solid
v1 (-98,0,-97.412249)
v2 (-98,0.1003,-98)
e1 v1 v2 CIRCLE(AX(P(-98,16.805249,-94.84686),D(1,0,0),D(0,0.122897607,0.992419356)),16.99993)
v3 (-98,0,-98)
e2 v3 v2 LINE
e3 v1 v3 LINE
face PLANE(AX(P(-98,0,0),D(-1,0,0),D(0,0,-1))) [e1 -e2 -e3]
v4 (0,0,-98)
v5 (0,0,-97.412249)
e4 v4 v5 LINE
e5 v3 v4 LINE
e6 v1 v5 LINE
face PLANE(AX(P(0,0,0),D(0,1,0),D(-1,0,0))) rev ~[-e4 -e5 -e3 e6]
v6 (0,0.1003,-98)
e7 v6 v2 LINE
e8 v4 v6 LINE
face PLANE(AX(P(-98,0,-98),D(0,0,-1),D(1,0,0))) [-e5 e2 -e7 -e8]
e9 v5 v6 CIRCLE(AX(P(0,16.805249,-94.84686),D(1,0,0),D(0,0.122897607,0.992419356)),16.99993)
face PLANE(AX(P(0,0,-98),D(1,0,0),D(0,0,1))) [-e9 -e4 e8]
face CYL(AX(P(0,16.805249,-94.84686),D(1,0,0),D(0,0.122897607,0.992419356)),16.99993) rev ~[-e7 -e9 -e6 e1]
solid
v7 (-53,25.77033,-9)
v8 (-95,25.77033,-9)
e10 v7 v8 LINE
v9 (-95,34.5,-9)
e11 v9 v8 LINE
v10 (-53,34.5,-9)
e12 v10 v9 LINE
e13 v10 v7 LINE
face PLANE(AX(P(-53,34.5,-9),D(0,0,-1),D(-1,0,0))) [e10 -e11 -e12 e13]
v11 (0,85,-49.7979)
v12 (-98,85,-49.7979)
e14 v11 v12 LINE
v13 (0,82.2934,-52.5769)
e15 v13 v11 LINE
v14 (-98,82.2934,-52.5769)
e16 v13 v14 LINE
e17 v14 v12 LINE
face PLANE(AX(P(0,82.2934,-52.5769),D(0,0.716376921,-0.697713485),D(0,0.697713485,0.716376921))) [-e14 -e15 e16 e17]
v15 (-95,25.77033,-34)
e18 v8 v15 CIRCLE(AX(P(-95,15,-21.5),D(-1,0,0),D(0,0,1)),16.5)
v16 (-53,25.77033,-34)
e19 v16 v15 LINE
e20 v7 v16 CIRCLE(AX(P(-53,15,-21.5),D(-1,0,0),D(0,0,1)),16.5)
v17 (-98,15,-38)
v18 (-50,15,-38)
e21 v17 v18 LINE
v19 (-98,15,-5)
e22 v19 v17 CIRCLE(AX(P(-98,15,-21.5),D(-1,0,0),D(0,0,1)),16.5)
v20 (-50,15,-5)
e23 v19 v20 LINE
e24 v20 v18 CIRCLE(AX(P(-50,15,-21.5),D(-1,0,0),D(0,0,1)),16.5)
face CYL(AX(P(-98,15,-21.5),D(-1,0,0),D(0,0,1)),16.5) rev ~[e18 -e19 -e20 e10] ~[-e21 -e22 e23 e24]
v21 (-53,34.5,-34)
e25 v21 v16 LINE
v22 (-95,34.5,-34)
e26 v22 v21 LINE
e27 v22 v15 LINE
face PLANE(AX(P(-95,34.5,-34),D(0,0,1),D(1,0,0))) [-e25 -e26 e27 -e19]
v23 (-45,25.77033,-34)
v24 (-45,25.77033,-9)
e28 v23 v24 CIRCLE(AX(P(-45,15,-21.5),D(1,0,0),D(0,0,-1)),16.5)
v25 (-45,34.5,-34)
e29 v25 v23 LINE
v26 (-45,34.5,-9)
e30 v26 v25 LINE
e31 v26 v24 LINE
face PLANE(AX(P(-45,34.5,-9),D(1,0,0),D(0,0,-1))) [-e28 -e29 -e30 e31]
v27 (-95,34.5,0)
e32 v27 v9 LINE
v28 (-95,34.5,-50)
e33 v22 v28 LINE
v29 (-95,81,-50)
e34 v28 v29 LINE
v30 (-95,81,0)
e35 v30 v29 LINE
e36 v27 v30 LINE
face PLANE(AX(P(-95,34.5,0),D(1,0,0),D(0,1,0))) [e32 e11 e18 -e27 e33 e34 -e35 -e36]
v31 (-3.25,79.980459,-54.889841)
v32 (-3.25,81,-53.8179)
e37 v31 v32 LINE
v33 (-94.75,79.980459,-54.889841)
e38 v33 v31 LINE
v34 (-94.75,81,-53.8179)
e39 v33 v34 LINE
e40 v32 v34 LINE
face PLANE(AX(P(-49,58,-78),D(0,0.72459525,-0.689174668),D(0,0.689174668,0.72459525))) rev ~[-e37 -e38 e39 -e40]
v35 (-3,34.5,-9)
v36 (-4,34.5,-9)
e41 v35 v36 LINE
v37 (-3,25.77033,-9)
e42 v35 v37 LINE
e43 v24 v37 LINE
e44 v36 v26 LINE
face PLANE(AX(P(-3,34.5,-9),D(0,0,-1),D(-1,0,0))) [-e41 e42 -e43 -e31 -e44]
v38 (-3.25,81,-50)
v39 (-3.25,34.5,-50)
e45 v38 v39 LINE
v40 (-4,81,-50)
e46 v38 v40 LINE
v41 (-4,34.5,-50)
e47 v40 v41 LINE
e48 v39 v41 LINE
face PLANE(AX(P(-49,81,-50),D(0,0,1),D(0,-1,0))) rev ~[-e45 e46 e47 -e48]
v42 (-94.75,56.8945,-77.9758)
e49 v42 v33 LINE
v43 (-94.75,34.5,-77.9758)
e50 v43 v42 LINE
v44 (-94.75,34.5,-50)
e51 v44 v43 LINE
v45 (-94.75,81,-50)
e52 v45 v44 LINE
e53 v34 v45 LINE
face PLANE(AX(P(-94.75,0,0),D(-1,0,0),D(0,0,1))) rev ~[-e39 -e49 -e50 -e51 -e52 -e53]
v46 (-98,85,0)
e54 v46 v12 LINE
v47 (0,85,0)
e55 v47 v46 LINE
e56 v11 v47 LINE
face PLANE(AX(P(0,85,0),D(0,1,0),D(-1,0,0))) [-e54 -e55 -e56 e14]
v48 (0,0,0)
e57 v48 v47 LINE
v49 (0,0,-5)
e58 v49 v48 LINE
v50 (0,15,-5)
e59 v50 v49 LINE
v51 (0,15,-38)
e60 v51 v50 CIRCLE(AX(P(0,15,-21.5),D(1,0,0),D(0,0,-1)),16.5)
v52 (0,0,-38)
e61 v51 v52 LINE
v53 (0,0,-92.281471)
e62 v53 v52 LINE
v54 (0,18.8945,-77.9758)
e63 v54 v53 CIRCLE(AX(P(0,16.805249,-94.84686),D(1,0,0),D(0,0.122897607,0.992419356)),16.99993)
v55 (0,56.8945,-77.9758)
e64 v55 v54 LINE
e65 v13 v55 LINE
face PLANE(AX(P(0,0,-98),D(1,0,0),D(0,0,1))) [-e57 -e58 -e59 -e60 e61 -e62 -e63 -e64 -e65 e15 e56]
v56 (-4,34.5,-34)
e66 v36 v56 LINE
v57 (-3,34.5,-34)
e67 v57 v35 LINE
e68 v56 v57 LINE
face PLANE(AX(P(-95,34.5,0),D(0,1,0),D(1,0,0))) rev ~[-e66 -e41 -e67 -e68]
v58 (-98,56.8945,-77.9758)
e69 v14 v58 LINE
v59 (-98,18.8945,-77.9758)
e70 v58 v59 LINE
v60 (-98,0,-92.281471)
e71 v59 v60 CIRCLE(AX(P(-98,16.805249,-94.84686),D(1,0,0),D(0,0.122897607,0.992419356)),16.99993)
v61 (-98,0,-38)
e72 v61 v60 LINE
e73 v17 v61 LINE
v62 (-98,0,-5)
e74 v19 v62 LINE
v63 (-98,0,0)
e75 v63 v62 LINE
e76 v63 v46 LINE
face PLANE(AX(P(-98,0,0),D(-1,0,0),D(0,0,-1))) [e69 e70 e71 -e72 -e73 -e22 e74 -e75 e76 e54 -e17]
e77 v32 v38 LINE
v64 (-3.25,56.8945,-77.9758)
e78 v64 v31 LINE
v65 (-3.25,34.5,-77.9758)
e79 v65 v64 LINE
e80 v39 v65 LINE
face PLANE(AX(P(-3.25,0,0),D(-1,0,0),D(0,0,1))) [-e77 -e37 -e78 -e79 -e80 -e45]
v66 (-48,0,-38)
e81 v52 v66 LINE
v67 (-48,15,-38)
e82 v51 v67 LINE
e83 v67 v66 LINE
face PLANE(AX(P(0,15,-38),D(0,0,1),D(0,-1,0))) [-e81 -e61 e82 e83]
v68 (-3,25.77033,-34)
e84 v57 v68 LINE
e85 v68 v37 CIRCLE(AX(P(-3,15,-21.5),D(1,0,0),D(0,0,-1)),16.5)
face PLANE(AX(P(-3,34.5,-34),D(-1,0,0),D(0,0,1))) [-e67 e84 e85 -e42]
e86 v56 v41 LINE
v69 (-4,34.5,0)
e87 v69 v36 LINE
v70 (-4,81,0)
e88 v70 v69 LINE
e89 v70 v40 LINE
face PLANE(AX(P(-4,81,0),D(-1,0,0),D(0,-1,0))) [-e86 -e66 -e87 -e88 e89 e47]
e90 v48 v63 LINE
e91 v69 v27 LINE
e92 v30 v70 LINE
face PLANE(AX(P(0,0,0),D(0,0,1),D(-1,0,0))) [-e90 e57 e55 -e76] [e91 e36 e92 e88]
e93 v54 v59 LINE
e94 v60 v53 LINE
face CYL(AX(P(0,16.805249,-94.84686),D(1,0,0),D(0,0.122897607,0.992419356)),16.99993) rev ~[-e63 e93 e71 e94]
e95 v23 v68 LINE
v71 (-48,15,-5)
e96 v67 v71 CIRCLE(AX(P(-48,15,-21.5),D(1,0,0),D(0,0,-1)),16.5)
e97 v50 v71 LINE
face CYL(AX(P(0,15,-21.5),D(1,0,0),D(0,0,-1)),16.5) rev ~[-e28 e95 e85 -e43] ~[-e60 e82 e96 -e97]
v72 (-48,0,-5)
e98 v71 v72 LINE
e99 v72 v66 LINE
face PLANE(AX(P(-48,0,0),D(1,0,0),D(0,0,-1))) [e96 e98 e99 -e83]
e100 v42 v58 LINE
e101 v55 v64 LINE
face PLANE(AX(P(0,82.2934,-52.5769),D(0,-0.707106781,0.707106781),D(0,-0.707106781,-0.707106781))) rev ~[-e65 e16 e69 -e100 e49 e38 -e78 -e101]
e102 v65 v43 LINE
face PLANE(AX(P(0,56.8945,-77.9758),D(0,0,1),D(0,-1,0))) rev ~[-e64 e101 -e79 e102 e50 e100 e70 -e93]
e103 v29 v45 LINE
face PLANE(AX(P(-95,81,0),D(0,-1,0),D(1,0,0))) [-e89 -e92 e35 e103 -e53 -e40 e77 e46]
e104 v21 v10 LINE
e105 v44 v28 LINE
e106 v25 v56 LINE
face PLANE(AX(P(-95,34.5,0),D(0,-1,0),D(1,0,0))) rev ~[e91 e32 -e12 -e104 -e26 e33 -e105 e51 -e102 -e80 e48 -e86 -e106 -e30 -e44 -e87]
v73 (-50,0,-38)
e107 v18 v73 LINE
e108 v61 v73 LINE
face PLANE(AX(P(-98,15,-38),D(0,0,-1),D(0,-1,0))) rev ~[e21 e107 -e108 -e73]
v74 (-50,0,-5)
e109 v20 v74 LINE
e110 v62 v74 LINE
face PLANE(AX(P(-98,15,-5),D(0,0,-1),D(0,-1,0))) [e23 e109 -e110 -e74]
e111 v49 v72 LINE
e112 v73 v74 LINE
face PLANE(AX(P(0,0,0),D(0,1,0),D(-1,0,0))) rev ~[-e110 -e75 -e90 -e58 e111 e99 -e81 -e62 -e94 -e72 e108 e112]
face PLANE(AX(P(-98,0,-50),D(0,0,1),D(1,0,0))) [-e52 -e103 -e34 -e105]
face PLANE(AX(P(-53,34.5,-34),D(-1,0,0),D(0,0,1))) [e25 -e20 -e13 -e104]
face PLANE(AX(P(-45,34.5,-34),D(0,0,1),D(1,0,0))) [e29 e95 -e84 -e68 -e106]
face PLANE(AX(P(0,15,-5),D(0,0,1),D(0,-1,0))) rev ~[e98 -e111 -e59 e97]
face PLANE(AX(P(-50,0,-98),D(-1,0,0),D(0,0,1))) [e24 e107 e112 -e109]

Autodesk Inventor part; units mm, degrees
ref_plane "YZ Plane" through (0, 0, 0) normal (1, 0, 0) x (0, 1, 0)
ref_plane "XZ Plane" through (0, 0, 0) normal (0, 1, 0) x (-1, 0, 0)
ref_plane "XY Plane" through (0, 0, 0) normal (0, 0, 1) x (1, 0, 0)
sketch "Esboço1" plane through (0, 0, 0) normal (0, 1, 0) x (-1, 0, 0)
  line L0 (0, 0) -> (98, 0)
  line L1 (98, 0) -> (98, -98)
  line L2 (98, -98) -> (0, -98)
  line L3 (0, -98) -> (0, 0)
  dimension "d0" = 98
  dimension "d1" = 98
extrude "Extrusão1" add sketch "Esboço1" along normal blind 85
sketch "Esboço2" plane through (0, 0, 0) normal (1, 0, 0) x (0, 0, -1)
  line L0 (98, 0) -> (0, 0) projected
  circle A0 centre (21.5, 15) radius 16.5
  line L1 (38, 15) -> (38, 0)
  line L2 (5, 15) -> (5, 0)
  line L3 (5.2895, 0) -> (38, 0)
  line L4 (98, 85) -> (0, 85) projected
  line L5 (98, 0) -> (98, 85)
  line L6 (53, 85) -> (53, 85)
  line L7 (58, 0) -> (98, 0)
  line L8 (53, 85) -> (98, 85)
  line L9 (98, 85) -> (98, 0)
  line L10 (98, 0) -> (100, 0)
  line L11 (53, 0) -> (53, 85)
  line L12 (98, 0) -> (80, 0)
  line L13 (80, 20) -> (80, 58)
  arc A1 (80, 20) -> (100, 0) centre (100, 20) ccw
  line L14 (80, 58) -> (53, 85)
  line L15 (53, 85) -> (98, 85)
  line L16 (98, 85) -> (98, 0)
  line L17 (98, 0.1003) -> (98, 0)
  point P0 (80, 85)
  point P1 (80, 85)
  dimension "d10" = 33
  dimension "d11" = 45
  dimension "d12" = 18
  dimension "d13" = 20
  dimension "d14" = 27
  dimension "d15" = 27
extrude "Extrusão2" cut sketch "Esboço2" against normal blind 48 contours L0 A0 L1 | L0 A0 | L0 L2 A0 picked at (26.8574, 18.8676)
extrude "Extrusão3" cut sketch "Esboço2" against normal blind 98 contours A1 L13 L14 L4 L5
sketch "Esboço3" plane through (0, 0, 0) normal (1, 0, 0) x (0, 0, -1)
  line L0 (53, 85) -> (80, 58) projected
  line L1 (53, 85) -> (0, 85) projected
  line L2 (52.5769, 82.2934) -> (77.9758, 56.8945)
  line L3 (77.9758, 56.8945) -> (77.9758, 18.8945)
  line L4 (80, 58) -> (80, 20) projected
  line L5 (98, 0) -> (98, 0.1003) projected
  arc A0 (77.9758, 18.8945) -> (98, 0.1003) centre (94.847, 16.8053) ccw
  line L6 (52.5769, 82.2934) -> (49.7979, 85)
  line L7 (49.7979, 85) -> (53, 85)
  line L8 (49.7979, 85) -> (53, 85)
  line L9 (53, 85) -> (80, 58)
  line L10 (80, 58) -> (80, 20)
  arc A1 (80, 20) -> (98, 0.1003) centre (100, 20) ccw projected
  arc A2 (80, 20) -> (98, 0.1003) centre (100, 20) ccw
  point P0 (0, 0)
  dimension "d21" = 17
sketch "Esboço4" plane through (-98, 0, -98) normal (-1, 0, 0) x (0, 0, 1)
  arc A0 (93, 15) -> (60, 15) centre (76.5, 15) ccw projected
  circle A1 centre (76.5, 15) radius 16.5
  line L0 (60, 15) -> (60, 0) projected
  line L1 (60, 15) -> (60, 0)
  line L2 (93, 15) -> (93, 0)
  line L3 (60, 0) -> (93, 0)
  line L4 (0, 0) -> (98, 0) projected
extrude "Extrusão4" cut sketch "Esboço4" against normal blind 48 contours A1 L3 A0 | L2 L3 A1 | A1 L3 L0
sketch "Esboço5" plane through (-98, 0, 0) normal (0, 0, 1) x (1, 0, 0)
  line L0 (0, 15) -> (0, 31.5) projected
  line L1 (0, 31.5) -> (0, 34.5)
  line L2 (0, 0) -> (0, 85) projected
  line L3 (0, 34.5) -> (4, 34.5)
  line L4 (0, 85) -> (98, 85) projected
  line L5 (0, 85) -> (3, 85)
  line L6 (3, 85) -> (3, 81)
  line L7 (98, 85) -> (95, 85)
  line L8 (95, 85) -> (95, 81)
  line L9 (98, 0) -> (98, 85) projected
  line L10 (98, 34.5) -> (98, 30.5)
  line L11 (98, 34.5) -> (94, 34.5)
  line L12 (3, 81) -> (94, 81)
  line L13 (94, 81) -> (94, 34.5)
  line L14 (94, 34.5) -> (3, 34.5)
  line L15 (3, 34.5) -> (3, 81)
  point P0 (3, 34.5)
  point P1 (4, 34.5)
  dimension "d24" = 3
  dimension "d25" = 4
  dimension "d26" = 3
  dimension "d27" = 4
  dimension "d28" = 3
  dimension "d29" = 4
extrude "Extrusão5" cut sketch "Esboço5" against normal blind 50 contours L15 L12 L13 L14 L3
ref_plane "Plano de trabalho1" through (-49, 0, 0) normal (-1, 0, 0) x (0, 0, 1)
sketch "Esboço6" plane through (-49, 0, 0) normal (-1, 0, 0) x (0, 0, 1)
  line L0 (0, 34.5) -> (-50, 34.5) projected
  line L1 (-50, 34.5) -> (-80, 34.5)
  line L2 (-80, 34.5) -> (-80, 58)
  line L3 (-50, 81) -> (-50, 34.5) projected
  line L4 (-50, 81) -> (-50, 34.5)
  line L5 (-53, 85) -> (-80, 58) projected
  line L6 (-80, 58) -> (-78, 58)
  line L7 (-78, 58) -> (-53.8179, 81)
  line L8 (-53.8179, 81) -> (-50, 81)
  point P0 (0, 0)
  dimension "d34" = 30
  dimension "d49" = 2
extrude "Extrusão6" cut sketch "Esboço6" along normal mid plane 91.5
sketch "Esboço7" plane through (-95, 34.5, 0) normal (0, 1, 0) x (1, 0, 0)
  line L0 (-3, 38) -> (45, 38) projected
  line L1 (-3, 38) -> (0, 38)
  line L2 (0, 34) -> (42, 34)
  line L3 (42, 34) -> (42, 9)
  line L4 (42, 9) -> (0, 9)
  line L5 (0, 9) -> (0, 34)
  line L6 (47, 38) -> (47, 5) projected
  line L7 (50, 34) -> (92, 34)
  line L8 (92, 34) -> (92, 9)
  line L9 (92, 9) -> (50, 9)
  line L10 (50, 9) -> (50, 34)
  point P0 (95, 0)
  dimension "d38" = 3
  dimension "d39" = 4
  dimension "d40" = 42
  dimension "d43" = 42
  dimension "d44" = 25
extrude "Extrusão7" cut sketch "Esboço7" against normal blind 10.5
extrude "Extrusão8" cut sketch "Esboço3" against normal blind 98
sketch "Esboço8" plane through (0, 0, 0) normal (1, 0, 0) x (0, 0, -1)
  point P0 (0, 0)
equation "\"d15\" = d14"
properties part number "Mini sumô v3"
